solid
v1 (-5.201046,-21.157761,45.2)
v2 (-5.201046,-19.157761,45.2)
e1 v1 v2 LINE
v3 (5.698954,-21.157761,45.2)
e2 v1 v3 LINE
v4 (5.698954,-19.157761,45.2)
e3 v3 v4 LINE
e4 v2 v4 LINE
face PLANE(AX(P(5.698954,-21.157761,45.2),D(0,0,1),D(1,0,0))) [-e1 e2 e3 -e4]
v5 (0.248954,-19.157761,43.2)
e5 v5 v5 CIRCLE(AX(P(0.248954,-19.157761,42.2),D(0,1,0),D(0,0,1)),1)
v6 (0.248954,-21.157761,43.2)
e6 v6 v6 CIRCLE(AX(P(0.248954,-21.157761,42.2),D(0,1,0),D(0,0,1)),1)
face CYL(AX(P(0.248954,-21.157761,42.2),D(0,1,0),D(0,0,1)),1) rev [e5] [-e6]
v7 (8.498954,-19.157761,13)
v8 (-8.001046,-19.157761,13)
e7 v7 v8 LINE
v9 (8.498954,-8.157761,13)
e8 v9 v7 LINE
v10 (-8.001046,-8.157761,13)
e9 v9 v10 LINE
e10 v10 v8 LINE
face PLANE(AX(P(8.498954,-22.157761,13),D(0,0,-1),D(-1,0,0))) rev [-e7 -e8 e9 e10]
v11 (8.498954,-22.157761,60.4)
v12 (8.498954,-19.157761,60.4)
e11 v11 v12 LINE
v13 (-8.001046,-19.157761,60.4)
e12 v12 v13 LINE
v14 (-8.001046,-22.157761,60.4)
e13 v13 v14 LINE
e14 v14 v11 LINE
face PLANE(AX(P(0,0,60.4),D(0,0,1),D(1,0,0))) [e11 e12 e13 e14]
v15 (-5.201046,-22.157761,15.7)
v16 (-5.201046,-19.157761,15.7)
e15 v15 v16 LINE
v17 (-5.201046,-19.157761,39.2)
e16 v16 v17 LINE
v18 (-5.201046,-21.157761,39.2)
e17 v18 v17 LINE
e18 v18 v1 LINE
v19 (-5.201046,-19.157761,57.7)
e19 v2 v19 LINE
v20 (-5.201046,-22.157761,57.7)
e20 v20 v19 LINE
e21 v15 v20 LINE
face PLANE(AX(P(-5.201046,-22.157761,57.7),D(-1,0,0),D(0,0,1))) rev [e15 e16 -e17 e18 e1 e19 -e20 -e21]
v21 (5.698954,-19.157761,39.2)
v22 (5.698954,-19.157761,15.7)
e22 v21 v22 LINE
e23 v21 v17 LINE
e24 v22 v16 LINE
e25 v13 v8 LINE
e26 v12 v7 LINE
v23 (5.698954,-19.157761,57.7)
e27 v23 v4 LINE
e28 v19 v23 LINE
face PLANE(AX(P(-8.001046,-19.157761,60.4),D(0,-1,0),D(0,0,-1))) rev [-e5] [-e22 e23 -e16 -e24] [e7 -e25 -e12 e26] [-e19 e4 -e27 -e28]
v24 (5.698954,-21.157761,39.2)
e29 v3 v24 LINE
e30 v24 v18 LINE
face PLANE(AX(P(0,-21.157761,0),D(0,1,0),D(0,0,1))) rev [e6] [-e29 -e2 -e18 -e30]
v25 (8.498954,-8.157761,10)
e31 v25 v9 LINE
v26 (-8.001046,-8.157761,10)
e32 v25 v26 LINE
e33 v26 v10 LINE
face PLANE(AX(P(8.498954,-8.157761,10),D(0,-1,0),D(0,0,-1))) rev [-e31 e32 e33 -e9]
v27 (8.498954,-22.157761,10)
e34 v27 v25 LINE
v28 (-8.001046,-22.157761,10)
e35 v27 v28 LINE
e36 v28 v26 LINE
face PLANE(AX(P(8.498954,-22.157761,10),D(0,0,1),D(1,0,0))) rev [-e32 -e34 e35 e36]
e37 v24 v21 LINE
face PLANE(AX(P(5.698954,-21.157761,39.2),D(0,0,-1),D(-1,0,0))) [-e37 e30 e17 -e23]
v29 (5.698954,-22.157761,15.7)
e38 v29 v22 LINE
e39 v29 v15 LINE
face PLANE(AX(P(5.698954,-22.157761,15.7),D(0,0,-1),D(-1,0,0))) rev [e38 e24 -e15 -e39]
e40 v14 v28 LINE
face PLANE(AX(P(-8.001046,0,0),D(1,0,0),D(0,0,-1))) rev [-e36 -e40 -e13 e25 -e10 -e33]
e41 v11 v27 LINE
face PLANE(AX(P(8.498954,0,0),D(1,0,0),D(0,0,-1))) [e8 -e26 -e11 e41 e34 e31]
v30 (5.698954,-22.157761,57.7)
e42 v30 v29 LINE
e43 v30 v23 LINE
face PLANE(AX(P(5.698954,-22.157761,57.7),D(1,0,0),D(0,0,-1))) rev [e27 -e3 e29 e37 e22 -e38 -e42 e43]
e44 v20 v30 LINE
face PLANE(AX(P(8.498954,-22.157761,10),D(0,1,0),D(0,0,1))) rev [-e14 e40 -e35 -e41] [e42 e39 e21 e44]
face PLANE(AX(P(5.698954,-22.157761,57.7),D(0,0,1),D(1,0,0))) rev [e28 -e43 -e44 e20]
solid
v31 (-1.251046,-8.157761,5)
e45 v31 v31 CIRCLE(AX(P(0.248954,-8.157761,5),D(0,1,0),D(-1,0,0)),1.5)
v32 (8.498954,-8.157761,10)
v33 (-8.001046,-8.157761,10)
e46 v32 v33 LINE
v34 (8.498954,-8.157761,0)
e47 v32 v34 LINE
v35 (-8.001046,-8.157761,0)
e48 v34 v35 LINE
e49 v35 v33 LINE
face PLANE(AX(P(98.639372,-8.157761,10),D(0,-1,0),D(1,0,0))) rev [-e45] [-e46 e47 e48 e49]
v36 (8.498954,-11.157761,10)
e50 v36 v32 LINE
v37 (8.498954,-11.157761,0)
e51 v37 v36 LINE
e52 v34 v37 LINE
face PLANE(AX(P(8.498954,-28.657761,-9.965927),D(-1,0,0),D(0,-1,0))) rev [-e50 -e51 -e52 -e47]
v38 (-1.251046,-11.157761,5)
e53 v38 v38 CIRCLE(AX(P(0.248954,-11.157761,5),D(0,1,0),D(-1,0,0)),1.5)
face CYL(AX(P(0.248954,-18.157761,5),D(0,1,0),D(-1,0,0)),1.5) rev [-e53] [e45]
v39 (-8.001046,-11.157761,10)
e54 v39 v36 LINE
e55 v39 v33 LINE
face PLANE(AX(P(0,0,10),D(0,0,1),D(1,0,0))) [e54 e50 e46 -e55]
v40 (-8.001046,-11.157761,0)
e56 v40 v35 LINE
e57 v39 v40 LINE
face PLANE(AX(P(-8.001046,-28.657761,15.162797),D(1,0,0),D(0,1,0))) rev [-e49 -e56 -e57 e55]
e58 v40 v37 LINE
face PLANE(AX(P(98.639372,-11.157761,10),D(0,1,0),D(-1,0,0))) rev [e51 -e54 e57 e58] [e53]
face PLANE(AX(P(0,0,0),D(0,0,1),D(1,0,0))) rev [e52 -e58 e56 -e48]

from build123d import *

# Parameters (mm, degrees)
SKETCH1_W               = 170
SKETCH1_H               = 3
BOSS_EXTRUDE1_DEPTH     = 10
SKETCH4_R               = 1.2
CUT_EXTRUDE1_DEPTH      = 21
SKETCH2_W               = 45.3
SKETCH2_H               = 3
BOSS_EXTRUDE6_DEPTH     = 20.3
SKETCH5_R               = 8.5
CUT_EXTRUDE2_DEPTH      = 20.3
SKETCH6_W               = 45.3
SKETCH6_H               = 3
BOSS_EXTRUDE7_DEPTH     = 20.3
SKETCH7_R               = 8.5
CUT_EXTRUDE3_DEPTH      = 100.885733504
SKETCH11_W              = 3
SKETCH11_H              = 14
BOSS_EXTRUDE10_DEPTH    = 16.5
SKETCH12_W              = 16.5
SKETCH12_H              = 3
BOSS_EXTRUDE11_DEPTH    = 47.4
SKETCH13_W              = 10.9
SKETCH13_H              = 42
CUT_EXTRUDE5_DEPTH      = 120.823102106
SKETCH14_W              = 23
SKETCH14_H              = 3
BOSS_EXTRUDE12_DEPTH    = 9.5
SKETCH15_W              = 17
SKETCH15_H              = 3.5
CUT_EXTRUDE6_DEPTH      = 9.5
CUT_EXTRUDE7_DEPTH      = 124.643656623
CUT_EXTRUDE7_DEPTH_BACK = 124.643656623
SKETCH16_W              = 63.359581381
SKETCH16_H              = 20.22579087
SKETCH16_W_2            = 63.3
SKETCH16_H_2            = 23.873064633
CUT_EXTRUDE9_DEPTH      = 85.468149706
CUT_EXTRUDE9_DEPTH_BACK = 85.468149706
SKETCH17_W              = 10.34603958
SKETCH17_H              = 19.965926612
SKETCH18_R              = 1.5
CUT_EXTRUDE10_DEPTH     = 10
SKETCH22_W              = 30.660472615
SKETCH22_H              = 85.471317495
CUT_EXTRUDE14_DEPTH     = 85.468149706
SKETCH23_W              = 30.27196453
SKETCH23_H              = 7.283480188
CUT_EXTRUDE15_DEPTH     = 74.568083116
SKETCH24_W              = 10.9
SKETCH24_H              = 6
SKETCH24_R              = 1
BOSS_EXTRUDE13_DEPTH    = 2


with BuildPart() as part:
    # Sketch1 → Boss-Extrude1 (new body)
    with BuildSketch(Plane.XY):
        with Locations((13.639372454, -9.657761352)):
            Rectangle(SKETCH1_W, SKETCH1_H)
    extrude(amount=BOSS_EXTRUDE1_DEPTH)

    # Sketch4 → Cut-Extrude1 (cut)
    with BuildSketch(Plane(origin=(0, -8.157761352, 0), x_dir=(1, 0, 0), z_dir=(0, 1, 0))):
        with Locations(Location((-63.360627546, -4.938536908, 0), (0, 0, 180))):
            Circle(SKETCH4_R)
        with Locations(Location((90.639372454, -5.283238547, 0), (0, 0, 180))):
            Circle(SKETCH4_R)
    extrude(amount=-CUT_EXTRUDE1_DEPTH, mode=Mode.SUBTRACT)

    # Sketch2 → Boss-Extrude6 (add)
    with BuildSketch(Plane(origin=(0, -8.157761352, 0), x_dir=(1, 0, 0), z_dir=(0, 1, 0))):
        with Locations((-30.710627546, -8.5)):
            Rectangle(SKETCH2_W, SKETCH2_H)
    extrude(amount=BOSS_EXTRUDE6_DEPTH)

    # Sketch5 → Cut-Extrude2 (cut)
    with BuildSketch(Plane(origin=(0, 0, 7), x_dir=(-1, 0, 0), z_dir=(0, 0, -1))):
        with Locations((17.460627546, 1.942238648)):
            Circle(SKETCH5_R)
        with Locations((43.960627546, 1.942238648)):
            Circle(SKETCH5_R)
        with BuildLine():
            Line((27.510627546, -3.557761352), (33.910627546, -3.557761352))
            ThreePointArc((33.910627546, -3.557761352), (35.810627546, -5.457761352), (33.910627546, -7.357761352))
            Line((33.910627546, -7.357761352), (27.510627546, -7.357761352))
            ThreePointArc((27.510627546, -7.357761352), (25.610627546, -5.457761352), (27.510627546, -3.557761352))
        make_face()
    extrude(amount=-CUT_EXTRUDE2_DEPTH, mode=Mode.SUBTRACT)

    # Sketch6 → Boss-Extrude7 (add)
    with BuildSketch(Plane(origin=(0, -8.157761352, 0), x_dir=(1, 0, 0), z_dir=(0, 1, 0))):
        with Locations((57.989372454, -8.5)):
            Rectangle(SKETCH6_W, SKETCH6_H)
    extrude(amount=BOSS_EXTRUDE7_DEPTH)

    # Sketch7 → Cut-Extrude3 (cut, through all)
    with BuildSketch(Plane.XY.offset(10)):
        with Locations((44.739372454, 1.942238648)):
            Circle(SKETCH7_R)
        with Locations((71.239372454, 1.942238648)):
            Circle(SKETCH7_R)
        with BuildLine():
            Line((54.839372454, -3.557761352), (61.239372454, -3.557761352))
            ThreePointArc((61.239372454, -3.557761352), (63.139372454, -5.457761352), (61.239372454, -7.357761352))
            Line((61.239372454, -7.357761352), (54.839372454, -7.357761352))
            ThreePointArc((54.839372454, -7.357761352), (52.939372454, -5.457761352), (54.839372454, -3.557761352))
        make_face()
    extrude(amount=-CUT_EXTRUDE3_DEPTH, mode=Mode.SUBTRACT)


with BuildPart() as body_2:
    # Sketch11 → Boss-Extrude10 (new body)
    with BuildSketch(Plane(origin=(98.639372454, 0, 0), x_dir=(0, 0, -1), z_dir=(1, 0, 0))):
        with Locations((-11.5, -15.157761352)):
            Rectangle(SKETCH11_W, SKETCH11_H)
    extrude(amount=BOSS_EXTRUDE10_DEPTH)


with BuildPart() as body_2_1:
    # Body-Move/Copy1: moved
    add(body_2.part.moved(Location((-106.640418619, 0, 0))))

    # Sketch12 → Boss-Extrude11 (add)
    with BuildSketch(Plane.XY.offset(13)):
        with Locations((0.248953835, -20.657761352)):
            Rectangle(SKETCH12_W, SKETCH12_H)
    extrude(amount=BOSS_EXTRUDE11_DEPTH)

    # Sketch13 → Cut-Extrude5 (cut, through all)
    with BuildSketch(Plane(origin=(0, -19.157761352, 0), x_dir=(1, 0, 0), z_dir=(0, 1, 0))):
        with Locations((0.248953835, -36.7)):
            Rectangle(SKETCH13_W, SKETCH13_H)
    extrude(amount=-CUT_EXTRUDE5_DEPTH, mode=Mode.SUBTRACT)


with BuildPart() as body_3:
    # Body-Move/Copy3: copy of body 2
    add(body_2_1.part.moved(Location((26.84603958, 0, 0))))


with BuildPart() as body_4:
    # Sketch14 → Boss-Extrude12 (new body)
    with BuildSketch(Plane(origin=(0, -19.157761352, 0), x_dir=(1, 0, 0), z_dir=(0, 1, 0))):
        with Locations((-0.888899403, -70.178295355)):
            Rectangle(SKETCH14_W, SKETCH14_H)
    extrude(amount=-BOSS_EXTRUDE12_DEPTH)

    # Sketch15 → Cut-Extrude6 (cut)
    with BuildSketch(Plane.XY.offset(71.678295355)):
        with Locations((-0.888899403, -23.907761352)):
            Rectangle(SKETCH15_W, SKETCH15_H)
    extrude(amount=-CUT_EXTRUDE6_DEPTH, mode=Mode.SUBTRACT)


with BuildPart() as body_5:
    # Body-Move/Copy4: copy of body 4
    add(body_4.part.moved(Location((29.098347772, 0, 0))))


with BuildPart() as cut_extrude7_tool:
    # Sketch16 → Cut-Extrude7 (new, two sides: drawn at the far end of the back side and taken through both)
    with BuildSketch(Plane(origin=(0, -8.157761352, 0), x_dir=(1, 0, 0), z_dir=(0, 1, 0)).offset(-CUT_EXTRUDE7_DEPTH_BACK)):
        with Locations((-39.680836856, -5.049901743)):
            Rectangle(SKETCH16_W, SKETCH16_H)
        with Locations((66.989372454, -3.392050033)):
            Rectangle(SKETCH16_W_2, SKETCH16_H_2)
    extrude(amount=CUT_EXTRUDE7_DEPTH + CUT_EXTRUDE7_DEPTH_BACK)


with BuildPart() as part_1:
    add(part.part)

    # Cut-Extrude7: cut by cut_extrude7_tool
    add(cut_extrude7_tool.part, mode=Mode.SUBTRACT)

    # Sketch17 → Cut-Extrude9 (cut, two sides: drawn at the far end of the back side and taken through both)
    with BuildSketch(Plane(origin=(0, -8.157761352, 0), x_dir=(1, 0, 0), z_dir=(0, 1, 0)).offset(-CUT_EXTRUDE9_DEPTH_BACK)):
        with Locations((13.671973625, -0.017036694)):
            Rectangle(SKETCH17_W, SKETCH17_H)
    extrude(amount=CUT_EXTRUDE9_DEPTH + CUT_EXTRUDE9_DEPTH_BACK, mode=Mode.SUBTRACT)


with BuildPart() as body_3_1:
    add(body_3.part)

    # Cut-Extrude7: cut by cut_extrude7_tool
    add(cut_extrude7_tool.part, mode=Mode.SUBTRACT)


with BuildPart() as cut_extrude9_piece_1:
    # of the separate pieces the step leaves, piece 1, a body of its own (cut_extrude9_pieces)
    add(part_1.part.solids().sort_by_distance((8.498953835, -11.157761352, 0))[0])


with BuildPart() as cut_extrude9_piece_2:
    # of the separate pieces the step leaves, piece 2, a body of its own (cut_extrude9_pieces)
    add(part_1.part.solids().sort_by_distance((35.339372454, -11.157761352, 0))[0])


with BuildPart() as cut_extrude10_tool:
    # Sketch18 → Cut-Extrude10 (new body)
    with BuildSketch(Plane(origin=(0, -8.157761352, 0), x_dir=(1, 0, 0), z_dir=(0, 1, 0))):
        with Locations(Location((0.248953835, -5, 0), (0, 0, 180))):
            Circle(SKETCH18_R)
        with Locations(Location((27.094993415, -5, 0), (0, 0, 180))):
            Circle(SKETCH18_R)
    extrude(amount=-CUT_EXTRUDE10_DEPTH)


with BuildPart() as cut_extrude9_piece_1_1:
    add(cut_extrude9_piece_1.part)

    # Cut-Extrude10: cut by cut_extrude10_tool
    add(cut_extrude10_tool.part, mode=Mode.SUBTRACT)


with BuildPart() as cut_extrude9_piece_2_1:
    add(cut_extrude9_piece_2.part)

    # Cut-Extrude10: cut by cut_extrude10_tool
    add(cut_extrude10_tool.part, mode=Mode.SUBTRACT)


with BuildPart() as cut_extrude14_tool:
    # Sketch22 → Cut-Extrude14 (new, through all)
    with BuildSketch(Plane(origin=(0, -8.157761352, 0), x_dir=(1, 0, 0), z_dir=(0, 1, 0))):
        with Locations((30.670536688, -31.705614743)):
            Rectangle(SKETCH22_W, SKETCH22_H)
    extrude(amount=-CUT_EXTRUDE14_DEPTH)


with BuildPart() as body_3_2:
    add(body_3_1.part)

    # Cut-Extrude14: cut by cut_extrude14_tool
    add(cut_extrude14_tool.part, mode=Mode.SUBTRACT)


with BuildPart() as body_5_1:
    add(body_5.part)

    # Cut-Extrude14: cut by cut_extrude14_tool
    add(cut_extrude14_tool.part, mode=Mode.SUBTRACT)


with BuildPart() as cut_extrude9_piece_2_2:
    add(cut_extrude9_piece_2_1.part)

    # Cut-Extrude14: cut by cut_extrude14_tool
    add(cut_extrude14_tool.part, mode=Mode.SUBTRACT)


with BuildPart() as body_4_1:
    add(body_4.part)

    # Sketch23 → Cut-Extrude15 (cut, through all)
    with BuildSketch(Plane(origin=(0, -19.157761352, 0), x_dir=(1, 0, 0), z_dir=(0, 1, 0))):
        with Locations((-0.513403302, -70.531997743)):
            Rectangle(SKETCH23_W, SKETCH23_H)
    extrude(amount=-CUT_EXTRUDE15_DEPTH, mode=Mode.SUBTRACT)


with BuildPart() as body_2_2:
    add(body_2_1.part)

    # Sketch24 → Boss-Extrude13 (add)
    with BuildSketch(Plane(origin=(0, -19.157761352, 0), x_dir=(1, 0, 0), z_dir=(0, 1, 0))):
        with Locations((0.248953835, -42.2)):
            Rectangle(SKETCH24_W, SKETCH24_H)
        with Locations(Location((0.248953835, -42.2, 0), (0, 0, 270))):
            Circle(SKETCH24_R, mode=Mode.SUBTRACT)
    extrude(amount=-BOSS_EXTRUDE13_DEPTH)


solid = Compound([cut_extrude9_piece_1_1.part, body_2_2.part])
